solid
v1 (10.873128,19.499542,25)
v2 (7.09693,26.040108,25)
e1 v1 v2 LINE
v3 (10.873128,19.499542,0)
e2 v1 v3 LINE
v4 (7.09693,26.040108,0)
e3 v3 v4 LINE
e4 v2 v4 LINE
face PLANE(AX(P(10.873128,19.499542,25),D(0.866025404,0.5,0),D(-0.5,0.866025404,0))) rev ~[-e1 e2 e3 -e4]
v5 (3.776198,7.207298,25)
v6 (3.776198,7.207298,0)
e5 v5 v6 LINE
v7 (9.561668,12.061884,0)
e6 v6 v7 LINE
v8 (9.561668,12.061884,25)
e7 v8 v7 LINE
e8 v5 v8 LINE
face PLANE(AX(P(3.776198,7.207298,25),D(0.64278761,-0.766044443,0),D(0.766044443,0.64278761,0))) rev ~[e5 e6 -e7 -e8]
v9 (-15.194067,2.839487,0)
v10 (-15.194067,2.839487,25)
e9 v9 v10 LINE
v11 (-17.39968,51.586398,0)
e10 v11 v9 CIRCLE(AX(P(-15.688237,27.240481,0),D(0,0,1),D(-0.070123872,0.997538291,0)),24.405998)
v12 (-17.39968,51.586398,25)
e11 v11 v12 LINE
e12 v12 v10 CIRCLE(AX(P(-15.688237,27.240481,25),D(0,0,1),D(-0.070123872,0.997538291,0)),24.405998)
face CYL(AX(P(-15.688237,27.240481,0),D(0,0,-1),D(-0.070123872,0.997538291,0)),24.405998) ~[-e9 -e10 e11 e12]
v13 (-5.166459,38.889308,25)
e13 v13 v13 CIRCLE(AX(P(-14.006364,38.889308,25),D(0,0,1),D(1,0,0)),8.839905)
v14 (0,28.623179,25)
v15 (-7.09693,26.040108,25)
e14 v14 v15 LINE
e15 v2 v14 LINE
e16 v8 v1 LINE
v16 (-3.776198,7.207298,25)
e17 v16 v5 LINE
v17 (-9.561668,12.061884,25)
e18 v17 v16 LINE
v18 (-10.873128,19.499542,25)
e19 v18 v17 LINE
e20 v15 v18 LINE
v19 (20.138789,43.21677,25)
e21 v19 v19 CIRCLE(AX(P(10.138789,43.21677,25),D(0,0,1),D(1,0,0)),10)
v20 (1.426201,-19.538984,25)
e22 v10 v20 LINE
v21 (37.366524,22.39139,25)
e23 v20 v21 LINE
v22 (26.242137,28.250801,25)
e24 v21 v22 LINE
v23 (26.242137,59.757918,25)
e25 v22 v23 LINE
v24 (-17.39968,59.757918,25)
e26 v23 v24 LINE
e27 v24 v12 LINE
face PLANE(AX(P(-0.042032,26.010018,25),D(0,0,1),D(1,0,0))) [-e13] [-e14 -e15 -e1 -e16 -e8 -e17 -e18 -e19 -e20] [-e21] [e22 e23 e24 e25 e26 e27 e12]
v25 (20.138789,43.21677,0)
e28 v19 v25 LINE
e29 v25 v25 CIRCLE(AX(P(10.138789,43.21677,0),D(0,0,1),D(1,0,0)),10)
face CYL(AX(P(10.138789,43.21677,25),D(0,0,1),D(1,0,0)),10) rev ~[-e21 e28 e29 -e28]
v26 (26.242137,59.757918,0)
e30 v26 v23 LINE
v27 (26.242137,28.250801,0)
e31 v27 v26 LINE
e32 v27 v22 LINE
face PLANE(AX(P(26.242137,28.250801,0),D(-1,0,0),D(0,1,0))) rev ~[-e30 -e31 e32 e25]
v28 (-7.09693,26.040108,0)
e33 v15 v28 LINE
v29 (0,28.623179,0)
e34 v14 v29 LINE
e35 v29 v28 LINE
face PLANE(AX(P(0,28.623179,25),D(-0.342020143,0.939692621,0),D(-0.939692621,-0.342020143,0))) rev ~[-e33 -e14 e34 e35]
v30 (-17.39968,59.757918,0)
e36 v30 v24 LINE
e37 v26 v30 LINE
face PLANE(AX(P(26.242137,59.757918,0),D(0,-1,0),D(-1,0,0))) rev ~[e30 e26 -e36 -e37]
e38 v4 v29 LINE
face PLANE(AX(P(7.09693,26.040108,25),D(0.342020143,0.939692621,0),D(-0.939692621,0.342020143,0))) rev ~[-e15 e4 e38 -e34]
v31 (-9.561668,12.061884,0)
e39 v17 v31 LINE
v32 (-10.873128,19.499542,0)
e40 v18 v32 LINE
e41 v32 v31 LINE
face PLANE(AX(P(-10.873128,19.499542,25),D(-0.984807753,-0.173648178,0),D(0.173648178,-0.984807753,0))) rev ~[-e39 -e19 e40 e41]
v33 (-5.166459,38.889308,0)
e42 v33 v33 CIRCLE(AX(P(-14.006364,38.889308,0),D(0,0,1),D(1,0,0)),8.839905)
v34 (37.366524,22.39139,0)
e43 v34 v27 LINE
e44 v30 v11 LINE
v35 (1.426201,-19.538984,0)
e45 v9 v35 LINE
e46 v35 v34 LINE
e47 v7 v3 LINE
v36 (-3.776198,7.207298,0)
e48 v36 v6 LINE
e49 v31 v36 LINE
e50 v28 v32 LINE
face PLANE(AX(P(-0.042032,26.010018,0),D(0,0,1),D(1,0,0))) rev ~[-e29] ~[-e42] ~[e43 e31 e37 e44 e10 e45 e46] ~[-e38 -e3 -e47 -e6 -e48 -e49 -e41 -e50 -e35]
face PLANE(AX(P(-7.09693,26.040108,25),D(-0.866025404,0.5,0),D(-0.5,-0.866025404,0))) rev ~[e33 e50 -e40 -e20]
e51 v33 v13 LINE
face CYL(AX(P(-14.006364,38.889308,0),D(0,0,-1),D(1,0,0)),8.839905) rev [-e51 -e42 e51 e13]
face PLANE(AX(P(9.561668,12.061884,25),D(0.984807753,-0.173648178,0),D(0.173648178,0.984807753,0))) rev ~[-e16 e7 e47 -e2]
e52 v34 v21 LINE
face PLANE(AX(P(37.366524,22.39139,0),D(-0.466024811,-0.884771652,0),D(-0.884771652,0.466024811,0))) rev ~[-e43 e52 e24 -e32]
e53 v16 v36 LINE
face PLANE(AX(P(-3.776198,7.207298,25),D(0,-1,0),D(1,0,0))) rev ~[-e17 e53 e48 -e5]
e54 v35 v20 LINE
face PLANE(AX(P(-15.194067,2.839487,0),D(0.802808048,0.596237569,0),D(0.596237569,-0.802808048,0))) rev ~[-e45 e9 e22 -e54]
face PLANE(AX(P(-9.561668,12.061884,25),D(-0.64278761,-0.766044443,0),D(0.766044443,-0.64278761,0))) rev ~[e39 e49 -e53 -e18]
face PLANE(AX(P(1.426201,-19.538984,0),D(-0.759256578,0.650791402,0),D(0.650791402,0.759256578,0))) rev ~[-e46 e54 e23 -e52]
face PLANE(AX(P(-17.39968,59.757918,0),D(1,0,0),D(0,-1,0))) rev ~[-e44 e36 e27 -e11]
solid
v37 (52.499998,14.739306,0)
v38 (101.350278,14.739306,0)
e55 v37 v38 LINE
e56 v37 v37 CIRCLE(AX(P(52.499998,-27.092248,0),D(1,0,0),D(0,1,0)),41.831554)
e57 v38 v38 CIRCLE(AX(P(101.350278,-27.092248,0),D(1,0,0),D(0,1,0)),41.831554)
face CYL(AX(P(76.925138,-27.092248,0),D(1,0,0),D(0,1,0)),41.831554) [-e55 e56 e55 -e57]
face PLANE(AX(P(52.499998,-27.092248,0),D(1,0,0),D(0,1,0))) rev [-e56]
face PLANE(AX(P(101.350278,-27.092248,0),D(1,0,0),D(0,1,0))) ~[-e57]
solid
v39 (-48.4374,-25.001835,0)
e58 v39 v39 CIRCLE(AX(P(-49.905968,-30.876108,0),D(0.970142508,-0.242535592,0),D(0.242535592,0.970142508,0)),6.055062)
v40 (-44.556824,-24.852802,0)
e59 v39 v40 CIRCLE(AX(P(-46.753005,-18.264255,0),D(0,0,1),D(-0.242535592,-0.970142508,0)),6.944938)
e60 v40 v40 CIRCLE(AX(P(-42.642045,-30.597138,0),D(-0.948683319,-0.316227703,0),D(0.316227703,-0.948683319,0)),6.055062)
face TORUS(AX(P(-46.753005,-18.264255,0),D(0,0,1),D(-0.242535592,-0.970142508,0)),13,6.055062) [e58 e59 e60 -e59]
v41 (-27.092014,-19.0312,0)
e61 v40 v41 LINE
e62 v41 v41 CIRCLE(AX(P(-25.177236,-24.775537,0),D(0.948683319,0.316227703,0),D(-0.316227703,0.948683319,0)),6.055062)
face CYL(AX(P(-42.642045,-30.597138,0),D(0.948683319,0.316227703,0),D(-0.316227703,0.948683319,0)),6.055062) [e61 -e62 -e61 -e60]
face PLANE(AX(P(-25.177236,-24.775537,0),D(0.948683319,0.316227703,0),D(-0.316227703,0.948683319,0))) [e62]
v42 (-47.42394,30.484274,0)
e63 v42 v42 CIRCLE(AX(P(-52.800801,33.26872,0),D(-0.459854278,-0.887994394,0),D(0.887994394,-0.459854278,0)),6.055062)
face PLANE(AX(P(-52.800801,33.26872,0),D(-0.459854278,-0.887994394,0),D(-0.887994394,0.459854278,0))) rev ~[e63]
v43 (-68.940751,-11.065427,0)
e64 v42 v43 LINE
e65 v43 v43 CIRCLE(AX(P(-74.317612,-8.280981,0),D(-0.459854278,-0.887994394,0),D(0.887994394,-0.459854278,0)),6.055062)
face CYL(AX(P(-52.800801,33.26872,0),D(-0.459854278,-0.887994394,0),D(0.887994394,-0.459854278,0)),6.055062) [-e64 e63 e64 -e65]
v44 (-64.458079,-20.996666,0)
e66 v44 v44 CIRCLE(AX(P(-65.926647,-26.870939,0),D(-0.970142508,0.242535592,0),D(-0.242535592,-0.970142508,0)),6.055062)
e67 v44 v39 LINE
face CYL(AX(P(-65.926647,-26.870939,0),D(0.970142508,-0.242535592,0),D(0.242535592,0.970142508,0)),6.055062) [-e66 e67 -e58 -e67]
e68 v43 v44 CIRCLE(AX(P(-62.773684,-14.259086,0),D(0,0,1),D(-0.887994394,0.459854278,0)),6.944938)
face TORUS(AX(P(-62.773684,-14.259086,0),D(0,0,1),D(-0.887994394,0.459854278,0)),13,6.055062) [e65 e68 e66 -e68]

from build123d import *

# Parameters (mm, degrees)
F0_R      = 8.8399047294
F1_DEPTH  = 25
F2_R      = 10
F3_DEPTH  = 25
F4_W      = 48.8502793014
F4_H      = 41.8315539137
F8_R      = 6.0550618463
F10_DEPTH = 25


with BuildPart() as f1:
    # F0 (on Top) → F1 (new body)
    with BuildSketch(Plane.XY):
        with BuildLine():
            Line((37.3665243387, 22.3913900554), (26.2421369553, 28.2508008051))
            Line((26.2421369553, 28.2508008051), (26.2421369553, 59.7579181194))
            Line((26.2421369553, 59.7579181194), (-17.3996798694, 59.7579181194))
            Line((-17.3996798694, 59.7579181194), (-17.3996798694, 51.5863984335))
            ThreePointArc((-17.3996798694, 51.5863984335), (-40.0692905426, 26.1373309643), (-15.1940669074, 2.8394870249))
            Line((-15.1940669074, 2.8394870249), (1.4262011973, -19.5389837027))
            Line((1.4262011973, -19.5389837027), (37.3665243387, 22.3913900554))
        make_face()
        with Locations((-14.0063641593, 38.8893075287)):
            Circle(F0_R, mode=Mode.SUBTRACT)
    extrude(amount=F1_DEPTH)

    # F2 (on face) → F3 (cut)
    with BuildSketch(Plane.XY.offset(25)):
        Polygon((-3.7761976468, 7.2072981857), (3.7761976468, 7.2072981857), (9.5616680936, 12.0618843038), (10.8731277734, 19.4995417427), (7.0969301266, 26.0401079264), (0, 28.6231792471), (-7.0969301266, 26.0401079264), (-10.8731277734, 19.4995417427), (-9.5616680936, 12.0618843038), align=None)
        with Locations((10.1387892751, 43.2167700854)):
            Circle(F2_R)
    extrude(amount=-F3_DEPTH, mode=Mode.SUBTRACT)


with BuildPart() as f5:
    # F4 (on Top) → F5 (revolve)
    with BuildSketch(Plane.XY):
        with Locations((76.9251380116, -6.1764712445)):
            Rectangle(F4_W, F4_H)
    revolve(axis=Axis((76.9251380116, -27.0922482014, 0), (1, 0, 0)))


with BuildPart() as f9:
    # F9: sweep along a path in F6
    with BuildLine(Plane.XY) as f9_path:
        Line((-52.8008006513, 33.2687199116), (-74.3176116033, -8.2809805443))
        ThreePointArc((-74.3176116033, -8.2809805443), (-74.6225780717, -19.6073308005), (-65.926647183, -26.8709387643))
        Line((-65.926647183, -26.8709387643), (-49.9059681609, -30.8761079422))
        ThreePointArc((-49.9059681609, -30.8761079422), (-46.2541109203, -31.254678892), (-42.6420453234, -30.5971384807))
        Line((-42.6420453234, -30.5971384807), (-25.1772358201, -24.7755366004))
    # F8 (on line) → F9 (sweep)
    with BuildSketch(Plane(origin=(2.4196440939, 4.6724157931, 0), x_dir=(0.8879943937, -0.4598542778, 0), z_dir=(-0.4598542778, -0.8879943937, 0))):
        with Locations((-62.1855781278, 0)):
            Circle(F8_R)
    sweep(path=f9_path.line)

    # F8 (on line) → F10 (join)
    with BuildSketch(Plane(origin=(2.4196440939, 4.6724157931, 0), x_dir=(0.8879943937, -0.4598542778, 0), z_dir=(-0.4598542778, -0.8879943937, 0))):
        with Locations((-62.1855781278, 0)):
            Circle(F8_R)
    extrude(amount=F10_DEPTH)


solid = Compound([f1.part, f5.part, f9.part])
